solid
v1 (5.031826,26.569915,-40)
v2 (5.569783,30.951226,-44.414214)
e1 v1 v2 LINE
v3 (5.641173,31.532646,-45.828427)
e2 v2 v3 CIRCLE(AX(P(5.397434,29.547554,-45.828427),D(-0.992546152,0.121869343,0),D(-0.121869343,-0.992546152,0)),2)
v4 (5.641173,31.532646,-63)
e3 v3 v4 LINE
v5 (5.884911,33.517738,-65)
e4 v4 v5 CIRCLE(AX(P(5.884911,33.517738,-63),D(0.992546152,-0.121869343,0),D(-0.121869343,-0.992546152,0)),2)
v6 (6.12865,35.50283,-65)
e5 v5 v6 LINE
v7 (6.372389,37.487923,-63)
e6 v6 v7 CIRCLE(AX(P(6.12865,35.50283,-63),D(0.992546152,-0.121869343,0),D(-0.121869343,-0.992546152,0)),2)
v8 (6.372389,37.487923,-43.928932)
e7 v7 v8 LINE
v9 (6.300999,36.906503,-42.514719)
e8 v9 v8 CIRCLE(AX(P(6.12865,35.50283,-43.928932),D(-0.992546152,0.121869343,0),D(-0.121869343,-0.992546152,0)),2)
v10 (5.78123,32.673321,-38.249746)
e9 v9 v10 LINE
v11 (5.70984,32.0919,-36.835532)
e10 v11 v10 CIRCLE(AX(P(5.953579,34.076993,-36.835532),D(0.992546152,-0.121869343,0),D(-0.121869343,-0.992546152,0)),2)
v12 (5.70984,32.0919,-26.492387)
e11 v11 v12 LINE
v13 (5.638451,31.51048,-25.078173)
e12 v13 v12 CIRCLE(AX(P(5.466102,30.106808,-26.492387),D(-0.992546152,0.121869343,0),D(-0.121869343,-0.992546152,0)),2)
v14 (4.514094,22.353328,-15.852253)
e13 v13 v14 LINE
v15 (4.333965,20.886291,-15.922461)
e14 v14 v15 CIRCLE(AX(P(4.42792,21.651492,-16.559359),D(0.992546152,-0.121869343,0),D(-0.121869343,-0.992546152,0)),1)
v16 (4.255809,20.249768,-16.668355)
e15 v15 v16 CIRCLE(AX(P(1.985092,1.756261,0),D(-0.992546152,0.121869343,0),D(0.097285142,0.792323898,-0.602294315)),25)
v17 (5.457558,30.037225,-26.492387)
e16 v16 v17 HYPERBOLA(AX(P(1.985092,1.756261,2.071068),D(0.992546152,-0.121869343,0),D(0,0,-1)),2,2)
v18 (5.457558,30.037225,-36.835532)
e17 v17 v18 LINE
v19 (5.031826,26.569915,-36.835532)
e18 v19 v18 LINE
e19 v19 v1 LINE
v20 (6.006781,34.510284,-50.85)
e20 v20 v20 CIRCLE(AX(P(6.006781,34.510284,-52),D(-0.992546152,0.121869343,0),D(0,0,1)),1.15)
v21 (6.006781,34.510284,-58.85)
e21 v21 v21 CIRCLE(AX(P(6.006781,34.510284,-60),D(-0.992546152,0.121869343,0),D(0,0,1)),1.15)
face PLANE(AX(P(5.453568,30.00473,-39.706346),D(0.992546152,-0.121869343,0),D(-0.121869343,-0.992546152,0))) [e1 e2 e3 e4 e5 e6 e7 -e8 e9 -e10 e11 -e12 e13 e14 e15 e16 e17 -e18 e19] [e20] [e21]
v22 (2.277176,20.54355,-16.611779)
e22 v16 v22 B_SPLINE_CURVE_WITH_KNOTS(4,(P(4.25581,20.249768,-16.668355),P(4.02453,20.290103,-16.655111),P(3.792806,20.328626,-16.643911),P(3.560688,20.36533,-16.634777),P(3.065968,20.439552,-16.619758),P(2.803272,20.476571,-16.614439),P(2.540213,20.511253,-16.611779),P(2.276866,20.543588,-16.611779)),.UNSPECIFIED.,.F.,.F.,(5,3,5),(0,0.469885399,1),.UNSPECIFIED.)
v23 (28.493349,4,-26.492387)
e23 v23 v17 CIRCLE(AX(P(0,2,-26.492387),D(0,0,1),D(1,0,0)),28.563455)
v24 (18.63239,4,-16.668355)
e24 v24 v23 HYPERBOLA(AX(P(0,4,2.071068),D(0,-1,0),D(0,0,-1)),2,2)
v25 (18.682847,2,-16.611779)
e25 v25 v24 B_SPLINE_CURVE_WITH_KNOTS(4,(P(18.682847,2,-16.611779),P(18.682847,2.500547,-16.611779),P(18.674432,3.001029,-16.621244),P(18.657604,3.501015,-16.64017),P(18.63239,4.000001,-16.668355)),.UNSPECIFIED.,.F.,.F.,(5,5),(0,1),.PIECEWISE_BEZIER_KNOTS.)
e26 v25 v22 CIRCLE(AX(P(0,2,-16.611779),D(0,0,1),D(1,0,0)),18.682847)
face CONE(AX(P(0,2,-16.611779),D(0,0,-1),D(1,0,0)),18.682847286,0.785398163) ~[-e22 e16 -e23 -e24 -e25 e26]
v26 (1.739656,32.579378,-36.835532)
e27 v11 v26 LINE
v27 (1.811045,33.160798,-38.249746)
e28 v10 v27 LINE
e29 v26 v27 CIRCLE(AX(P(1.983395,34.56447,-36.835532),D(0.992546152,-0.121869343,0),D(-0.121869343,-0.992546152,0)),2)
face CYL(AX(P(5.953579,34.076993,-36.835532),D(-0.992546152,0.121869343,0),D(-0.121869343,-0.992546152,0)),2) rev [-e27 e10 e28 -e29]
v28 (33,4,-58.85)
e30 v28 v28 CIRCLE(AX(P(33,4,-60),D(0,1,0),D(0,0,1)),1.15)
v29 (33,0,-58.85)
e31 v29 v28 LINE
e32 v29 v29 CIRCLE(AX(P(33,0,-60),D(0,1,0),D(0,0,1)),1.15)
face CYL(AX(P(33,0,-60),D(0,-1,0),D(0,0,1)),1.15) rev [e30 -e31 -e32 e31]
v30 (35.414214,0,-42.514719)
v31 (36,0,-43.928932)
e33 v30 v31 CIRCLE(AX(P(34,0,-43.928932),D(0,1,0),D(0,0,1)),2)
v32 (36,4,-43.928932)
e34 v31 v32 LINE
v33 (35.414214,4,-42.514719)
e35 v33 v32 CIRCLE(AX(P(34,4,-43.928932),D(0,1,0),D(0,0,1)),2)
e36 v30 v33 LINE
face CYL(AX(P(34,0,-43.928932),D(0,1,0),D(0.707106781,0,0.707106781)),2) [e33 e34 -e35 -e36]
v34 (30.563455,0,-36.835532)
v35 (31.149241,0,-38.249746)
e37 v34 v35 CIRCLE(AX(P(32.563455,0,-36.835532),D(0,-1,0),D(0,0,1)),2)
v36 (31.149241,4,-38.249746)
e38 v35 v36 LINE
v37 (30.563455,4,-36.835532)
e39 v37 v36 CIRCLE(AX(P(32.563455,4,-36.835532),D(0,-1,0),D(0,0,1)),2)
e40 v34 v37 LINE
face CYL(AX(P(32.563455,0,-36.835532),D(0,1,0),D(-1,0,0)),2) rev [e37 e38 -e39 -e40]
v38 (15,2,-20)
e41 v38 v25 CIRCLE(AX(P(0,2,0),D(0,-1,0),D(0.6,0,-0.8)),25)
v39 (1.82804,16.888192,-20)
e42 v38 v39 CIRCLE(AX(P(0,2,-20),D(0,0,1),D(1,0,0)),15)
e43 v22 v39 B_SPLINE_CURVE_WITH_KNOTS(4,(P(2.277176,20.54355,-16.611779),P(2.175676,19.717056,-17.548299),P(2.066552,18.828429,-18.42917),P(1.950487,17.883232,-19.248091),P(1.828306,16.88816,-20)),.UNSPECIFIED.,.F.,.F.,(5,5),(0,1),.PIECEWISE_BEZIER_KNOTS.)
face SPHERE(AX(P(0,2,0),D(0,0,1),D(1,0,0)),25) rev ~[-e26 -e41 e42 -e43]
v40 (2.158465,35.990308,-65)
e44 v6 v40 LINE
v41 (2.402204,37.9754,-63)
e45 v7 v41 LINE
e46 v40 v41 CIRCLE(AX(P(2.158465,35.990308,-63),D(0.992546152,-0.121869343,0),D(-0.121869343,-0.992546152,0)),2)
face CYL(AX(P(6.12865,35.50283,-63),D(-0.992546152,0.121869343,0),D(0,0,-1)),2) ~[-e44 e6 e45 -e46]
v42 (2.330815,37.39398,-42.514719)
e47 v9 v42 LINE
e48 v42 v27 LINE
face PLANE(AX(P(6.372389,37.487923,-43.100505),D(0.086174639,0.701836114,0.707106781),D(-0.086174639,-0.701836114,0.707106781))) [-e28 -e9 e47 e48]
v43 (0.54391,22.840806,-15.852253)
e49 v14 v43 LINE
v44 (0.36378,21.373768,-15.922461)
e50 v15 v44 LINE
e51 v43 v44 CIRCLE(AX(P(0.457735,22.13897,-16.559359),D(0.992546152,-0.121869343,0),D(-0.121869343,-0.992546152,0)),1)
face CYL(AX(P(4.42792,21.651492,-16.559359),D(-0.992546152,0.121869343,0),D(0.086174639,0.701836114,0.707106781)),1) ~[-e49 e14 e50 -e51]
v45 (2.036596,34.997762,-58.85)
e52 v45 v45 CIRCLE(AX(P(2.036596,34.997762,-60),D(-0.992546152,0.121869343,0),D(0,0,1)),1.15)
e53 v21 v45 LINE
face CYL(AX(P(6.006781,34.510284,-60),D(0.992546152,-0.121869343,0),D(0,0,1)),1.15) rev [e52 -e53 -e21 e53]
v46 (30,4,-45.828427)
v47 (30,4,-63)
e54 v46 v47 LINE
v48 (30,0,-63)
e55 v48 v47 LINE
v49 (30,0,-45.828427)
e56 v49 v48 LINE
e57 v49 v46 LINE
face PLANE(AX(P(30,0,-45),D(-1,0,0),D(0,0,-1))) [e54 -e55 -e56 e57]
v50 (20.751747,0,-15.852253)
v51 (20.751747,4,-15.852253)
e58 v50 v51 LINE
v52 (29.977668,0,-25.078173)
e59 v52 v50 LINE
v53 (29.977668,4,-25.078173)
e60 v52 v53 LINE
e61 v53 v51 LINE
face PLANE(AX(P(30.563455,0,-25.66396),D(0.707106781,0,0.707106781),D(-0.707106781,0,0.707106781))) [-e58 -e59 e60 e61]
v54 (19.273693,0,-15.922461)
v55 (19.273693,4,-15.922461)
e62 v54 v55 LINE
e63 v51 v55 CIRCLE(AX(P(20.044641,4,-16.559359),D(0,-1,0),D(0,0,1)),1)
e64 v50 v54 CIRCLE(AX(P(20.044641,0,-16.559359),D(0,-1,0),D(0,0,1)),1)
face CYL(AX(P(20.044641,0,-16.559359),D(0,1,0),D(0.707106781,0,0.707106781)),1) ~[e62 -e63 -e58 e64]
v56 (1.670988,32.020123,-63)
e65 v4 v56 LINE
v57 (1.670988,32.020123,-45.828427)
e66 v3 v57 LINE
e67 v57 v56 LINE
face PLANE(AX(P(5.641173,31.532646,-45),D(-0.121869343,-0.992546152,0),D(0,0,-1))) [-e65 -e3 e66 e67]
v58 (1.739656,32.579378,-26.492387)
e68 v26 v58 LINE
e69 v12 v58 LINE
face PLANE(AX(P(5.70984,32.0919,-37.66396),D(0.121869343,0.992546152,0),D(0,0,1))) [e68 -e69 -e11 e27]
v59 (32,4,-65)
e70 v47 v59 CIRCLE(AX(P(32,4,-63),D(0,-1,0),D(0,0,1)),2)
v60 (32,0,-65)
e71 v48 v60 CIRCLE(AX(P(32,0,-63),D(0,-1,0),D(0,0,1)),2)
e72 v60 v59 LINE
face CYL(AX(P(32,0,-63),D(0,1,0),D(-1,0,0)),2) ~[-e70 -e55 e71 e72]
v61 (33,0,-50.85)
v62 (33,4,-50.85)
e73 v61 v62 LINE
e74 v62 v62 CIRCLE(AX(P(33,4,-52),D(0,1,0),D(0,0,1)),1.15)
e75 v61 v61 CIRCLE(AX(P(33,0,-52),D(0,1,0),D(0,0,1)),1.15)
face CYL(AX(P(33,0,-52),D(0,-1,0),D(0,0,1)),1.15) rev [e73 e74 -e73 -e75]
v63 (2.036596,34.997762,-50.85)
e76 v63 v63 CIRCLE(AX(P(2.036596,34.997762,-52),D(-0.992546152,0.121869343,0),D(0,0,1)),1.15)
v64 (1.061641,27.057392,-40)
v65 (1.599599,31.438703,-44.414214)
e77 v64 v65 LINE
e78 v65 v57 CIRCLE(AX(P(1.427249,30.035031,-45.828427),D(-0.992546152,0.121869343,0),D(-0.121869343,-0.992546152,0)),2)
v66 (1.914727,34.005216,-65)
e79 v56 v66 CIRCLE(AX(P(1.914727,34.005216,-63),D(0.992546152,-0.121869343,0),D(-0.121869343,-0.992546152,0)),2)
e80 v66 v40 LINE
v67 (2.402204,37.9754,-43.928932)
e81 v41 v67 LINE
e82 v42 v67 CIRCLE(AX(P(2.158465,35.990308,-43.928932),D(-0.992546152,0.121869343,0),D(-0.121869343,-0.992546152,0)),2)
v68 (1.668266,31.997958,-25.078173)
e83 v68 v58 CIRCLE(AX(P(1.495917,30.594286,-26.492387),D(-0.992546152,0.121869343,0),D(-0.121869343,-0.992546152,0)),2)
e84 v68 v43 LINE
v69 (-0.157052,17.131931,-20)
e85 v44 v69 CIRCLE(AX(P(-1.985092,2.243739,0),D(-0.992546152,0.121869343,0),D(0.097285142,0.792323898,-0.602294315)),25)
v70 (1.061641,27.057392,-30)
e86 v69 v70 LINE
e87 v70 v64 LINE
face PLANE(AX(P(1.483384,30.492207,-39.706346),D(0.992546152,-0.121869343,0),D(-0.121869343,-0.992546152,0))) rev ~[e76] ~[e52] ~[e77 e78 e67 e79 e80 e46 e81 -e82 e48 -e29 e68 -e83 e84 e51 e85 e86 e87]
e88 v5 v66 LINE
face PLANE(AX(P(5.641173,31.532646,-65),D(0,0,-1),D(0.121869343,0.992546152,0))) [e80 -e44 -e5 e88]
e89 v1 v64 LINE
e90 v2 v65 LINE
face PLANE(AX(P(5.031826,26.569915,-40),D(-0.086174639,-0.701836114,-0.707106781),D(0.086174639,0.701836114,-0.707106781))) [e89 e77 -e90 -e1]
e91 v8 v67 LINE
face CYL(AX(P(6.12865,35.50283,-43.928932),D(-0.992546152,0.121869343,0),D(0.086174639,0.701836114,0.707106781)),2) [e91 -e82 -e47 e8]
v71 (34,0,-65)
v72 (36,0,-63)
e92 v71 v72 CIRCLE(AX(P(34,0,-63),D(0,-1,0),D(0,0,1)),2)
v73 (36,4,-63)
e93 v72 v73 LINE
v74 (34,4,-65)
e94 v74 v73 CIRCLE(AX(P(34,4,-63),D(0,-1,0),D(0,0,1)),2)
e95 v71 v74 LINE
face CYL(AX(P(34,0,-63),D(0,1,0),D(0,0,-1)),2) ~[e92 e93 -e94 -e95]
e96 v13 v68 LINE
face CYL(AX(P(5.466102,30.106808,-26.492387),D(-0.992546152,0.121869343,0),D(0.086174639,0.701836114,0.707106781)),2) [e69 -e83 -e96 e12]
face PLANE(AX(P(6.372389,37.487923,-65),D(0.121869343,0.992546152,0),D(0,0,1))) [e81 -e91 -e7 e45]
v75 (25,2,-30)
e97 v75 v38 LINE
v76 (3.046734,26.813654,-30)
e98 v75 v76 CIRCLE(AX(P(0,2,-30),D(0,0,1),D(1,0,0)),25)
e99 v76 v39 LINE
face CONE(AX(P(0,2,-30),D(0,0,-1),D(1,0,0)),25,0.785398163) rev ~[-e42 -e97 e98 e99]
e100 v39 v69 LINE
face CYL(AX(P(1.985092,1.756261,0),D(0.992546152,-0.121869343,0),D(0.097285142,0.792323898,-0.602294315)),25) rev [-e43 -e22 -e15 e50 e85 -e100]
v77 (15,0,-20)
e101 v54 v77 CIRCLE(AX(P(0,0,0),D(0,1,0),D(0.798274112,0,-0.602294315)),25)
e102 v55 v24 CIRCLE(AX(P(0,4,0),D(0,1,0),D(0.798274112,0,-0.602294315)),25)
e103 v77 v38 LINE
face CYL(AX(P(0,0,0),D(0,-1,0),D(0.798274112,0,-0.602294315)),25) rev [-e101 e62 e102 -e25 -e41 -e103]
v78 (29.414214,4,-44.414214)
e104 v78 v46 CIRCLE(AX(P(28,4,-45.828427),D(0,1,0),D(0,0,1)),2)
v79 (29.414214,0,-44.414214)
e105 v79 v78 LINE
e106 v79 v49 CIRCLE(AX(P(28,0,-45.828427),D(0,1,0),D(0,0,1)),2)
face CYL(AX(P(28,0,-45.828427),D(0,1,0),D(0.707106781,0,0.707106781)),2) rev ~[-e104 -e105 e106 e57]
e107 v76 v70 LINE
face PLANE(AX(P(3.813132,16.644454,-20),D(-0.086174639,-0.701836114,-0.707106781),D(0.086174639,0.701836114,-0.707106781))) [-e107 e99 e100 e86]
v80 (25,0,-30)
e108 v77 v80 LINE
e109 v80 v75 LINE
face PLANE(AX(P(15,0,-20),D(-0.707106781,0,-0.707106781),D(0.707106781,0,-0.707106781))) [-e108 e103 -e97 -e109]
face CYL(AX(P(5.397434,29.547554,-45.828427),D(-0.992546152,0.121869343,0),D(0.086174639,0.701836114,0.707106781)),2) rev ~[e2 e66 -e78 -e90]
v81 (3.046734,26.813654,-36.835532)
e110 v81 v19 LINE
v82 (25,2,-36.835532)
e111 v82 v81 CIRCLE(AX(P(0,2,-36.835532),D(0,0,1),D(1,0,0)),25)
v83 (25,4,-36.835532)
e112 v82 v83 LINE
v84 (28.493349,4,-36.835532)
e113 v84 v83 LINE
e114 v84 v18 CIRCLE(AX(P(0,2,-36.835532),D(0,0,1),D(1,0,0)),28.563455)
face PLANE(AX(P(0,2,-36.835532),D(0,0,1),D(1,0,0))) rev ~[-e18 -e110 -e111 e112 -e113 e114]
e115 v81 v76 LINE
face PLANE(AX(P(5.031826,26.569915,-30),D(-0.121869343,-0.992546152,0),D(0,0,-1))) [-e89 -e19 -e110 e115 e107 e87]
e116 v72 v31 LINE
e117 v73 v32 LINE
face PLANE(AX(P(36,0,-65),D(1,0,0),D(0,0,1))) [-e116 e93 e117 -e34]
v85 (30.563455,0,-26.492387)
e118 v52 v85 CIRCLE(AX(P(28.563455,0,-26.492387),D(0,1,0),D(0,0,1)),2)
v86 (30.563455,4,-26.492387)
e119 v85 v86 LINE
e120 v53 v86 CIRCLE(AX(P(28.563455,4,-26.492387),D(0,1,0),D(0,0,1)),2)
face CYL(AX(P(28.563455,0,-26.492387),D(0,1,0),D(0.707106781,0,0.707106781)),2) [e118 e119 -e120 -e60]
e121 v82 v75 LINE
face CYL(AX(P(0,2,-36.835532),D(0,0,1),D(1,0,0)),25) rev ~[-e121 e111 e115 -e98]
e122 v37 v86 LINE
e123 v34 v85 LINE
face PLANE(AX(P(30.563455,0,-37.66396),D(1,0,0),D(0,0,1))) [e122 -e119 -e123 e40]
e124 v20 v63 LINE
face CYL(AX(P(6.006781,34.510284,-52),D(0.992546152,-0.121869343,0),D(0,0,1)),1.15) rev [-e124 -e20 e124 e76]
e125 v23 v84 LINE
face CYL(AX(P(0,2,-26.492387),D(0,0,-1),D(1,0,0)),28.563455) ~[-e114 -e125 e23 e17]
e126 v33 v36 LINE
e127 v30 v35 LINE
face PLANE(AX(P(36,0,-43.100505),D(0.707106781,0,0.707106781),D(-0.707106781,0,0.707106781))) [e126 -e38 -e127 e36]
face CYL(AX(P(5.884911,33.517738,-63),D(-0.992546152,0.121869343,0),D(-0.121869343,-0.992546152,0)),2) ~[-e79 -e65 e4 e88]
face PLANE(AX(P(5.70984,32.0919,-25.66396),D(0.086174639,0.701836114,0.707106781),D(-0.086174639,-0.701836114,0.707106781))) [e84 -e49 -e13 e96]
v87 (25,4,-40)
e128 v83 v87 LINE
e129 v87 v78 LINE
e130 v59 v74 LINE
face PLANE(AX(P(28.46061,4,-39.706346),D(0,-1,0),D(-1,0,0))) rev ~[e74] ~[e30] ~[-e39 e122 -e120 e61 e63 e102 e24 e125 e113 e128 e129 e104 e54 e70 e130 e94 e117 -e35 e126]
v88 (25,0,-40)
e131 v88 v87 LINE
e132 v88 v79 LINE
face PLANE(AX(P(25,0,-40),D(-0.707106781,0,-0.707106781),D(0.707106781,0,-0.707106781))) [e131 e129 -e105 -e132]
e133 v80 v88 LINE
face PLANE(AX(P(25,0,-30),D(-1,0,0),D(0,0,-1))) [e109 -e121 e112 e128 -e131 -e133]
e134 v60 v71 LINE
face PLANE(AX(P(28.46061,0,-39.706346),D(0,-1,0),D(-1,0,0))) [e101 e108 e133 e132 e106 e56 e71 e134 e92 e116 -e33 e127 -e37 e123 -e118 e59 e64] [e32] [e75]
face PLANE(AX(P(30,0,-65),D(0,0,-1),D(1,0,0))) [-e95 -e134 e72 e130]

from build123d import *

# Parameters (mm, degrees)
SKETCH_1_R                       = 1.15
EXTRUDE_1_DEPTH                  = 4
FILLET_1_R                       = 2
FILLET_2_R                       = 1
REVOLVE_2_ANGLE                  = 83
PATTERN_CIRCULAR_4_COUNT         = 2
PATTERN_CIRCULAR_4_ANGLE         = 83
FILLET_1_OF_PATTERN_CIRCULAR_4_R = 2
FILLET_2_OF_PATTERN_CIRCULAR_4_R = 1


with BuildPart() as part:
    # 草图1 → 凸台-拉伸1 (new body)
    with BuildSketch(Plane(origin=(0, 0, 0), x_dir=(1, 0, 0), z_dir=(0, 1, 0))):
        with BuildLine():
            Line((15, 20), (25, 30))
            Line((25, 30), (25, 40))
            Line((25, 40), (30, 45))
            Line((30, 45), (30, 65))
            Line((30, 65), (36, 65))
            Line((36, 65), (36, 43.100505063))
            Line((36, 43.100505063), (30.563454525, 37.663959588))
            Line((30.563454525, 37.663959588), (30.563454525, 25.663959588))
            Line((30.563454525, 25.663959588), (19.956852807, 15.05735787))
            ThreePointArc((19.956852807, 15.05735787), (17.652275132, 17.7030275), (15, 20))
        make_face()
        with Locations(Location((33, 60, 0), (0, 0, 270))):
            Circle(SKETCH_1_R, mode=Mode.SUBTRACT)
        with Locations(Location((33, 52, 0), (0, 0, 270))):
            Circle(SKETCH_1_R, mode=Mode.SUBTRACT)
    extrude_1 = extrude(amount=EXTRUDE_1_DEPTH)

    # 圆角1
    fillet_1_edges = [part.edges().sort_by_distance(p)[0] for p in [
        (30, 2, -45),
        (30, 2, -65),
        (36, 2, -65),
        (36, 2, -43.100505063),
        (30.563454525, 2, -37.663959588),
        (30.563454525, 2, -25.663959588),
    ]]
    fillet(fillet_1_edges, radius=FILLET_1_R)

    # 圆角2
    fillet_2_edges = [part.edges().sort_by_distance(p)[0] for p in [
        (19.956852807, 2, -15.05735787),
    ]]
    fillet(fillet_2_edges, radius=FILLET_2_R)

    # 草图2 → 旋转2 (revolve)
    with BuildSketch(Plane(origin=(0, 2, 0), x_dir=(1, 0, 0), z_dir=(0, 1, 0))):
        with BuildLine():
            Line((28.563454525, 26.492386713), (28.563454525, 36.835532463))
            Line((28.563454525, 36.835532463), (25, 36.835532463))
            Line((25, 36.835532463), (25, 30))
            Line((25, 30), (15, 20))
            ThreePointArc((15, 20), (16.926416038, 18.398272748), (18.682847286, 16.611779474))
            Line((18.682847286, 16.611779474), (28.563454525, 26.492386713))
        make_face()
    revolve(axis=Axis((0, 2, -67.472032035), (0, 0, 1)), revolution_arc=REVOLVE_2_ANGLE)

    # 阵列(圆周)4: 凸台-拉伸1 ×2 about axis
    pattern_circular_4_axis = Axis((0, 2, 0), (0, 0, 1))
    for i in range(1, PATTERN_CIRCULAR_4_COUNT):
        add(extrude_1.rotate(pattern_circular_4_axis, i * PATTERN_CIRCULAR_4_ANGLE / (PATTERN_CIRCULAR_4_COUNT - 1)))

    # 圆角1 of 阵列(圆周)4
    fillet_1_of_pattern_circular_4_edges = [part.edges().sort_by_distance(p)[0] for p in [
        (3.656080302, 31.776384549, -45),
        (3.656080302, 31.776384549, -65),
        (4.387296363, 37.731661459, -65),
        (4.387296363, 37.731661459, -43.100505063),
        (3.724748135, 32.335639169, -37.663959588),
        (3.724748135, 32.335639169, -25.663959588),
    ]]
    fillet(fillet_1_of_pattern_circular_4_edges, radius=FILLET_1_OF_PATTERN_CIRCULAR_4_R)

    # 圆角2 of 阵列(圆周)4
    fillet_2_of_pattern_circular_4_edges = [part.edges().sort_by_distance(p)[0] for p in [
        (2.432128548, 21.808097452, -15.05735787),
    ]]
    fillet(fillet_2_of_pattern_circular_4_edges, radius=FILLET_2_OF_PATTERN_CIRCULAR_4_R)


solid = part.part
